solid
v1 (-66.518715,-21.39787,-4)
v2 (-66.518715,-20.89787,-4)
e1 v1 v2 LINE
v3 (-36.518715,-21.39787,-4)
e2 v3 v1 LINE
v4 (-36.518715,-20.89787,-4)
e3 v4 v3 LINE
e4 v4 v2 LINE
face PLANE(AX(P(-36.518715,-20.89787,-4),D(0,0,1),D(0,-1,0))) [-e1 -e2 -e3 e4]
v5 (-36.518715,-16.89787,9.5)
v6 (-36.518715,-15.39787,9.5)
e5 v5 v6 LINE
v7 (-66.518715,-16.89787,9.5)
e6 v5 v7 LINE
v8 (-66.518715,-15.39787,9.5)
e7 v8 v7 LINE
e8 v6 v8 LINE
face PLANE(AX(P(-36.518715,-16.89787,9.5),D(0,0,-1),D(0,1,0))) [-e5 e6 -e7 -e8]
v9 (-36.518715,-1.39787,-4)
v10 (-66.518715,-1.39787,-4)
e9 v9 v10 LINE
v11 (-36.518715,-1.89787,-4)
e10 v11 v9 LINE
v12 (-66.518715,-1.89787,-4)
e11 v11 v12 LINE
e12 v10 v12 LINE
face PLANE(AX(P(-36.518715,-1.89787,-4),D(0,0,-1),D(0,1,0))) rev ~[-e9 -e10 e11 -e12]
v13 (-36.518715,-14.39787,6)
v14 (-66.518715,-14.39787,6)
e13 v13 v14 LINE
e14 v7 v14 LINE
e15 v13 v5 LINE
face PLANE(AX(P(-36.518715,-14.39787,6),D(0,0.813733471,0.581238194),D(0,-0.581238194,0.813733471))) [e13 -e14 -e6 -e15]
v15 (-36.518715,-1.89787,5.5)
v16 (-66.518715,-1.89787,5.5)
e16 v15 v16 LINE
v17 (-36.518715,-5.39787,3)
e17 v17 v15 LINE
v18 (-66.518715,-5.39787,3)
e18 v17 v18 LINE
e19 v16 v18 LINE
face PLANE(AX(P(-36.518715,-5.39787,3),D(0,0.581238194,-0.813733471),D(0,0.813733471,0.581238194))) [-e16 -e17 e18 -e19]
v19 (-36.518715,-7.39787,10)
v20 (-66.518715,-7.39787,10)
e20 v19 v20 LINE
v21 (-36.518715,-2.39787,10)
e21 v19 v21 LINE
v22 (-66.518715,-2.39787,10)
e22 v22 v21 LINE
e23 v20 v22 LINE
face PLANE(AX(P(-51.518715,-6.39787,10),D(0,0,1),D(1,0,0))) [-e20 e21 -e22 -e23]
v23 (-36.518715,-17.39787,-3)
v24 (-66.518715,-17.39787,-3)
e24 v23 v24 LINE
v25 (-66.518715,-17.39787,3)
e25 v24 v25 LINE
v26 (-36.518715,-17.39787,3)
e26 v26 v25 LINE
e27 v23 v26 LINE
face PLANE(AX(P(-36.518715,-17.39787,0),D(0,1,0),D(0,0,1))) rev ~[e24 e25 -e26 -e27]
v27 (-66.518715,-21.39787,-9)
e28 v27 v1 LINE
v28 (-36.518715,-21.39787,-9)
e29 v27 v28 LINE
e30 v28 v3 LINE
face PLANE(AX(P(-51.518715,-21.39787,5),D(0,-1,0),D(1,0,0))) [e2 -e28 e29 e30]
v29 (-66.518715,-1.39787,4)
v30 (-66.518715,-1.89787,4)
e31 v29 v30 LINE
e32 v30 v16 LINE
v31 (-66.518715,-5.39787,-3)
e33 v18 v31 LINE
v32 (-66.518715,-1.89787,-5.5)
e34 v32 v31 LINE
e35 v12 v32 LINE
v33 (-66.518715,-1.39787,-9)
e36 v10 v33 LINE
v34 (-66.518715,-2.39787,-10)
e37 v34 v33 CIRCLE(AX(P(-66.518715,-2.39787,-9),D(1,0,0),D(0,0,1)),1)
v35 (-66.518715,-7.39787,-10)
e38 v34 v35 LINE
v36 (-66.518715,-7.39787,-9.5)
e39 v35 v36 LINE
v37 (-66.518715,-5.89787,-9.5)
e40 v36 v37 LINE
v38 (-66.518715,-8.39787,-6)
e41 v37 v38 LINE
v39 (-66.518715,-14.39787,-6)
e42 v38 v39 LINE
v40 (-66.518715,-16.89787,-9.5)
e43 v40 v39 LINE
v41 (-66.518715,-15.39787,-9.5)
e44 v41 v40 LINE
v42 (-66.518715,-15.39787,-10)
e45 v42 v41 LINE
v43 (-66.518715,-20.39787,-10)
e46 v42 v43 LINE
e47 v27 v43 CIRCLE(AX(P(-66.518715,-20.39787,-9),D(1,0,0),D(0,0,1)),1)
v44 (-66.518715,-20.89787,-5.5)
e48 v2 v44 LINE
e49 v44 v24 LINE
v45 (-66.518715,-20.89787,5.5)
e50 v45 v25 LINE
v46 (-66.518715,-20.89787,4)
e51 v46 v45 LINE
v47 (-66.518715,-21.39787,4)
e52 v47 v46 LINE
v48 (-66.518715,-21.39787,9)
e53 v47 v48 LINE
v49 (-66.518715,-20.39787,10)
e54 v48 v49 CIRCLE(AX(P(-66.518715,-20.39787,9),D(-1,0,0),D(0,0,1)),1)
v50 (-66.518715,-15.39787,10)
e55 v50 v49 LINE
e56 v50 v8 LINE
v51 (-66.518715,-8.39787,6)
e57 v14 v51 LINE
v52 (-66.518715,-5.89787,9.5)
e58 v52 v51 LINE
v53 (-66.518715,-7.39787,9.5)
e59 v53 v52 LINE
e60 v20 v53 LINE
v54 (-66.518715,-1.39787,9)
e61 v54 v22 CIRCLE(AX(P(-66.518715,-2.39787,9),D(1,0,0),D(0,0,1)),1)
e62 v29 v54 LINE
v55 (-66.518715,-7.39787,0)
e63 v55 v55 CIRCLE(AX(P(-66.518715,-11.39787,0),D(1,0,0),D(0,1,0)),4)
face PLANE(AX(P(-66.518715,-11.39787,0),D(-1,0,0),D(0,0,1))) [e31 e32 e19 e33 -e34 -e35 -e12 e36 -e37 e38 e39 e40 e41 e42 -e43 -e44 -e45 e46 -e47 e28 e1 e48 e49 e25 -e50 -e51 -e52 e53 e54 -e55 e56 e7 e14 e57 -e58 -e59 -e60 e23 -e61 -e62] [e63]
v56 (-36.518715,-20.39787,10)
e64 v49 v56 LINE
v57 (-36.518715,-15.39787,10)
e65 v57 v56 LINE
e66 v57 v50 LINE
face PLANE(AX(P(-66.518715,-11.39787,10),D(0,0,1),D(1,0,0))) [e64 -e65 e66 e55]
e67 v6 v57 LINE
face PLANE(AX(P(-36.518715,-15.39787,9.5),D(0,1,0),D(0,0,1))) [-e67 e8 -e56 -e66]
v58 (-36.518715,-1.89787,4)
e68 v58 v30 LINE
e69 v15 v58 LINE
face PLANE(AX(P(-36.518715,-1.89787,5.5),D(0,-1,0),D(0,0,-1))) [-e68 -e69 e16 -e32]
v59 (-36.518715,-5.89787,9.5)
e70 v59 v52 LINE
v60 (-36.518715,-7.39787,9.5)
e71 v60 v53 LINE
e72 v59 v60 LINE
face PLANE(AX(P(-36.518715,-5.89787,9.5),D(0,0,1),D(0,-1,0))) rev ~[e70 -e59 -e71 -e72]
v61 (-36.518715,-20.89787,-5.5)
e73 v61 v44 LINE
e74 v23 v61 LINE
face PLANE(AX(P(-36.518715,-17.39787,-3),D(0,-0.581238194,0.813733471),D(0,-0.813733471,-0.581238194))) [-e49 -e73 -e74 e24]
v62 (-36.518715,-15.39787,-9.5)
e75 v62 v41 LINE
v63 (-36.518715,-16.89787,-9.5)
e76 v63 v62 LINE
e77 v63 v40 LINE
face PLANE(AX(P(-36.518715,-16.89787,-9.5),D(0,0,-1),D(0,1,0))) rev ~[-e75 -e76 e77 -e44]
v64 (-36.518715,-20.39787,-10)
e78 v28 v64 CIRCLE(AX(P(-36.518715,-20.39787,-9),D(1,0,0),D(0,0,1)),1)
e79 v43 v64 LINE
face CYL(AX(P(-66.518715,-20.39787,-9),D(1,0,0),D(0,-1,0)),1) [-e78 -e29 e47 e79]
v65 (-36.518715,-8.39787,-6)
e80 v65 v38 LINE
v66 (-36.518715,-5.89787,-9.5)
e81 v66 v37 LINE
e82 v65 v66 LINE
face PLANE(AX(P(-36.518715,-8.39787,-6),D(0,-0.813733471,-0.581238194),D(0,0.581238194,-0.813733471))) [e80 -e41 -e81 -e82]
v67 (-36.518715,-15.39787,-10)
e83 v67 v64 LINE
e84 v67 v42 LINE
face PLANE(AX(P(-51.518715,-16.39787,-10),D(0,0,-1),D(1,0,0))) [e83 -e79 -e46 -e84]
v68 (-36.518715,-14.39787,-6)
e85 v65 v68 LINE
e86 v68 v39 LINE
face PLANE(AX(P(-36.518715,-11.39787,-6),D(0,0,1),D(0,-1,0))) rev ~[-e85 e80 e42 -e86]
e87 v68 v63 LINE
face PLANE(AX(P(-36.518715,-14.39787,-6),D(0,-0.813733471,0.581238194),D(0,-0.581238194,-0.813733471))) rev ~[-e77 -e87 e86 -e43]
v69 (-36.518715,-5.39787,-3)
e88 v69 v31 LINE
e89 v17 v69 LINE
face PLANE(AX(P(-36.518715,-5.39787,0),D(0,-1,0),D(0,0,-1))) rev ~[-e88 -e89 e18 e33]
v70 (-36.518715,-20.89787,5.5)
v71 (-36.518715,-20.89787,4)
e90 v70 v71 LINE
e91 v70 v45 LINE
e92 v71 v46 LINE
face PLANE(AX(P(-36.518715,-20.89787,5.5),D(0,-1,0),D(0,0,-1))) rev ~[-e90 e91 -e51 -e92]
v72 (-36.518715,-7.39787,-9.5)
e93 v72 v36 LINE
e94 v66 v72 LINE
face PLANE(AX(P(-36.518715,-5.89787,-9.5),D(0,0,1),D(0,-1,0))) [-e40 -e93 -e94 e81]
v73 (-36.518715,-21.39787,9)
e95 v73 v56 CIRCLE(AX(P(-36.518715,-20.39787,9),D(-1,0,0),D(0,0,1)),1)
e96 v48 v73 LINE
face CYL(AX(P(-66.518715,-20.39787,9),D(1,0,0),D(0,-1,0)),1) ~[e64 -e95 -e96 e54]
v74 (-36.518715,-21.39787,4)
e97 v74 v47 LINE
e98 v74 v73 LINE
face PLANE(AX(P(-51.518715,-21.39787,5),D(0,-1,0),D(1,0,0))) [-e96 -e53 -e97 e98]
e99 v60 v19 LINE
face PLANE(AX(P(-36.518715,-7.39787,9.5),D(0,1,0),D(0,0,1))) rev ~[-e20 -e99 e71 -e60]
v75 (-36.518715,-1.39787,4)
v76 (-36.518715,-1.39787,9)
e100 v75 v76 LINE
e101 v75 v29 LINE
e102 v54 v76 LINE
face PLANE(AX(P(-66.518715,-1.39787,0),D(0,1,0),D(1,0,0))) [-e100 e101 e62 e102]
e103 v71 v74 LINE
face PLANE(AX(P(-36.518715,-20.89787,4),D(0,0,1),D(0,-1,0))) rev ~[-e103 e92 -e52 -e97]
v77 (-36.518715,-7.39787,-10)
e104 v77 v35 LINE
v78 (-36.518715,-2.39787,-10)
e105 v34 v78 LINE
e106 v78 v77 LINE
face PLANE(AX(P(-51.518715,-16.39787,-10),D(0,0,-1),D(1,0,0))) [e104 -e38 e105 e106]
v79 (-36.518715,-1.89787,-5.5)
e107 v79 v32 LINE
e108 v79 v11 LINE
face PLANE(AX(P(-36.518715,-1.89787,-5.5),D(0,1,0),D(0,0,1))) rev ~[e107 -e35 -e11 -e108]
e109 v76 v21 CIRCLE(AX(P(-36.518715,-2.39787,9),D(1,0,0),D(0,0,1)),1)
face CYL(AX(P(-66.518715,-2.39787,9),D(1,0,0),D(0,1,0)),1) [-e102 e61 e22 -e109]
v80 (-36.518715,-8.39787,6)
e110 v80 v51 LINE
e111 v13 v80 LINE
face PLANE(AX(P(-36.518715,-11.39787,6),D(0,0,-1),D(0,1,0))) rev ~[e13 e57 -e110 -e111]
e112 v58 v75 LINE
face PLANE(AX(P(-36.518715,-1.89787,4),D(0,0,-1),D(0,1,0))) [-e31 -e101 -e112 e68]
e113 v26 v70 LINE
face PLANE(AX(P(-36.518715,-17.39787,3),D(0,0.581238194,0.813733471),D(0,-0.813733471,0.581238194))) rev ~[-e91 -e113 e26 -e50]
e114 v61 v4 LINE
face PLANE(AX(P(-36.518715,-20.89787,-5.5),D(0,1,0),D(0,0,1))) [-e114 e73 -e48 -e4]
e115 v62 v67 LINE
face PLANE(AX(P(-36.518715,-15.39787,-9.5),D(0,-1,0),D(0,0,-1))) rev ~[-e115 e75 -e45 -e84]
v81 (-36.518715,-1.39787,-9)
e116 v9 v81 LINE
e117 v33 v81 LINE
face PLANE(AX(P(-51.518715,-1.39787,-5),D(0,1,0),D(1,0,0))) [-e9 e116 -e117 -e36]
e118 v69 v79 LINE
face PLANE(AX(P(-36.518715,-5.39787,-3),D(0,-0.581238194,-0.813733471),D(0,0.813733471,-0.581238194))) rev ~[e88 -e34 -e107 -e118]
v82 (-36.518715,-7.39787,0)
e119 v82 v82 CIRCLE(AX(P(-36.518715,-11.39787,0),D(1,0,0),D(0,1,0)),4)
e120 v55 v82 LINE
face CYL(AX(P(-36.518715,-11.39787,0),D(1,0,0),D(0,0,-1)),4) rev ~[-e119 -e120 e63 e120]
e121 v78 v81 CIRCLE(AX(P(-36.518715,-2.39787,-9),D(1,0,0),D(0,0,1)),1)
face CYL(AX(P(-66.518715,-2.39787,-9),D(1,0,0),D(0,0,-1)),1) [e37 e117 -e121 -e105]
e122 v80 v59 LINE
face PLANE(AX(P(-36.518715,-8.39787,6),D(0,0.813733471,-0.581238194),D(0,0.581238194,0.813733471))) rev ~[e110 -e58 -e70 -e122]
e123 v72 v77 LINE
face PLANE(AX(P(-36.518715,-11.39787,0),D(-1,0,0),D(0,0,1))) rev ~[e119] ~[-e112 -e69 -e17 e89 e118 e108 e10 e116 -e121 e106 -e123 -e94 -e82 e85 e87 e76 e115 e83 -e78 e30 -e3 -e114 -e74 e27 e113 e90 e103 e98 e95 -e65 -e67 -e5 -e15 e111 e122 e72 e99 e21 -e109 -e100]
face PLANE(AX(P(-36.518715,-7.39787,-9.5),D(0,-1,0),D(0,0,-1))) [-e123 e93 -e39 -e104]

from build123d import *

# Parameters (mm, degrees)
SKETCH_1_W                       = 30
SKETCH_1_H                       = 10
EXTRUDE_1_DEPTH                  = 10
SKETCH_2_R                       = 4
CUT_EXTRUDE_1_DEPTH              = 1270
CUT_EXTRUDE_2_DEPTH              = 1270
FILLET_1_R                       = 1
PATTERN_CIRCULAR_2_COUNT         = 4
FILLET_1_OF_PATTERN_CIRCULAR_2_R = 1


with BuildPart() as part:
    # 草图1 → 凸台-拉伸1 (new body)
    with BuildSketch(Plane.XY):
        with Locations((-51.518714647, -6.397869645)):
            Rectangle(SKETCH_1_W, SKETCH_1_H)
    extrude_1 = extrude(amount=EXTRUDE_1_DEPTH)

    # 草图2 → 切除-拉伸1 (cut)
    with BuildSketch(Plane(origin=(-36.518714647, 0, 0), x_dir=(0, 0, -1), z_dir=(1, 0, 0))):
        with Locations((0, -11.397869645)):
            Circle(SKETCH_2_R)
    cut_extrude_1 = extrude(amount=-CUT_EXTRUDE_1_DEPTH, mode=Mode.SUBTRACT)

    # 草图3 → 切除-拉伸2 (cut)
    with BuildSketch(Plane(origin=(-36.518714647, 0, 0), x_dir=(0, 0, -1), z_dir=(1, 0, 0))):
        Polygon((-4, -1.397869645), (0, -1.397869645), (0, -5.397869645), (-3, -5.397869645), (-5.5, -1.897869645), (-4, -1.897869645), align=None)
        Polygon((-10, -7.397869645), (-10, -11.397869645), (-6, -11.397869645), (-6, -8.397869645), (-9.5, -5.897869645), (-9.5, -7.397869645), align=None)
    cut_extrude_2 = extrude(amount=-CUT_EXTRUDE_2_DEPTH, mode=Mode.SUBTRACT)

    # 圆角1
    fillet_1_edges = [part.edges().sort_by_distance(p)[0] for p in [
        (-51.518714647, -1.397869645, 10),
    ]]
    fillet(fillet_1_edges, radius=FILLET_1_R)

    # 阵列(圆周)2: 凸台-拉伸1, 切除-拉伸1, 切除-拉伸2 ×4 about axis
    pattern_circular_2_axis = Axis((0, -11.397869645, 0), (1, 0, 0))
    add([extrude_1.rotate(pattern_circular_2_axis, i * 360 / PATTERN_CIRCULAR_2_COUNT) for i in range(1, PATTERN_CIRCULAR_2_COUNT)])
    add([cut_extrude_1.rotate(pattern_circular_2_axis, i * 360 / PATTERN_CIRCULAR_2_COUNT) for i in range(1, PATTERN_CIRCULAR_2_COUNT)], mode=Mode.SUBTRACT)
    add([cut_extrude_2.rotate(pattern_circular_2_axis, i * 360 / PATTERN_CIRCULAR_2_COUNT) for i in range(1, PATTERN_CIRCULAR_2_COUNT)], mode=Mode.SUBTRACT)

    # 圆角1 of 阵列(圆周)2
    fillet_1_of_pattern_circular_2_edges = [part.edges().sort_by_distance(p)[0] for p in [
        (-51.518714647, -21.397869645, 10),
        (-51.518714647, -21.397869645, -10),
        (-51.518714647, -1.397869645, -10),
    ]]
    fillet(fillet_1_of_pattern_circular_2_edges, radius=FILLET_1_OF_PATTERN_CIRCULAR_2_R)


solid = part.part
